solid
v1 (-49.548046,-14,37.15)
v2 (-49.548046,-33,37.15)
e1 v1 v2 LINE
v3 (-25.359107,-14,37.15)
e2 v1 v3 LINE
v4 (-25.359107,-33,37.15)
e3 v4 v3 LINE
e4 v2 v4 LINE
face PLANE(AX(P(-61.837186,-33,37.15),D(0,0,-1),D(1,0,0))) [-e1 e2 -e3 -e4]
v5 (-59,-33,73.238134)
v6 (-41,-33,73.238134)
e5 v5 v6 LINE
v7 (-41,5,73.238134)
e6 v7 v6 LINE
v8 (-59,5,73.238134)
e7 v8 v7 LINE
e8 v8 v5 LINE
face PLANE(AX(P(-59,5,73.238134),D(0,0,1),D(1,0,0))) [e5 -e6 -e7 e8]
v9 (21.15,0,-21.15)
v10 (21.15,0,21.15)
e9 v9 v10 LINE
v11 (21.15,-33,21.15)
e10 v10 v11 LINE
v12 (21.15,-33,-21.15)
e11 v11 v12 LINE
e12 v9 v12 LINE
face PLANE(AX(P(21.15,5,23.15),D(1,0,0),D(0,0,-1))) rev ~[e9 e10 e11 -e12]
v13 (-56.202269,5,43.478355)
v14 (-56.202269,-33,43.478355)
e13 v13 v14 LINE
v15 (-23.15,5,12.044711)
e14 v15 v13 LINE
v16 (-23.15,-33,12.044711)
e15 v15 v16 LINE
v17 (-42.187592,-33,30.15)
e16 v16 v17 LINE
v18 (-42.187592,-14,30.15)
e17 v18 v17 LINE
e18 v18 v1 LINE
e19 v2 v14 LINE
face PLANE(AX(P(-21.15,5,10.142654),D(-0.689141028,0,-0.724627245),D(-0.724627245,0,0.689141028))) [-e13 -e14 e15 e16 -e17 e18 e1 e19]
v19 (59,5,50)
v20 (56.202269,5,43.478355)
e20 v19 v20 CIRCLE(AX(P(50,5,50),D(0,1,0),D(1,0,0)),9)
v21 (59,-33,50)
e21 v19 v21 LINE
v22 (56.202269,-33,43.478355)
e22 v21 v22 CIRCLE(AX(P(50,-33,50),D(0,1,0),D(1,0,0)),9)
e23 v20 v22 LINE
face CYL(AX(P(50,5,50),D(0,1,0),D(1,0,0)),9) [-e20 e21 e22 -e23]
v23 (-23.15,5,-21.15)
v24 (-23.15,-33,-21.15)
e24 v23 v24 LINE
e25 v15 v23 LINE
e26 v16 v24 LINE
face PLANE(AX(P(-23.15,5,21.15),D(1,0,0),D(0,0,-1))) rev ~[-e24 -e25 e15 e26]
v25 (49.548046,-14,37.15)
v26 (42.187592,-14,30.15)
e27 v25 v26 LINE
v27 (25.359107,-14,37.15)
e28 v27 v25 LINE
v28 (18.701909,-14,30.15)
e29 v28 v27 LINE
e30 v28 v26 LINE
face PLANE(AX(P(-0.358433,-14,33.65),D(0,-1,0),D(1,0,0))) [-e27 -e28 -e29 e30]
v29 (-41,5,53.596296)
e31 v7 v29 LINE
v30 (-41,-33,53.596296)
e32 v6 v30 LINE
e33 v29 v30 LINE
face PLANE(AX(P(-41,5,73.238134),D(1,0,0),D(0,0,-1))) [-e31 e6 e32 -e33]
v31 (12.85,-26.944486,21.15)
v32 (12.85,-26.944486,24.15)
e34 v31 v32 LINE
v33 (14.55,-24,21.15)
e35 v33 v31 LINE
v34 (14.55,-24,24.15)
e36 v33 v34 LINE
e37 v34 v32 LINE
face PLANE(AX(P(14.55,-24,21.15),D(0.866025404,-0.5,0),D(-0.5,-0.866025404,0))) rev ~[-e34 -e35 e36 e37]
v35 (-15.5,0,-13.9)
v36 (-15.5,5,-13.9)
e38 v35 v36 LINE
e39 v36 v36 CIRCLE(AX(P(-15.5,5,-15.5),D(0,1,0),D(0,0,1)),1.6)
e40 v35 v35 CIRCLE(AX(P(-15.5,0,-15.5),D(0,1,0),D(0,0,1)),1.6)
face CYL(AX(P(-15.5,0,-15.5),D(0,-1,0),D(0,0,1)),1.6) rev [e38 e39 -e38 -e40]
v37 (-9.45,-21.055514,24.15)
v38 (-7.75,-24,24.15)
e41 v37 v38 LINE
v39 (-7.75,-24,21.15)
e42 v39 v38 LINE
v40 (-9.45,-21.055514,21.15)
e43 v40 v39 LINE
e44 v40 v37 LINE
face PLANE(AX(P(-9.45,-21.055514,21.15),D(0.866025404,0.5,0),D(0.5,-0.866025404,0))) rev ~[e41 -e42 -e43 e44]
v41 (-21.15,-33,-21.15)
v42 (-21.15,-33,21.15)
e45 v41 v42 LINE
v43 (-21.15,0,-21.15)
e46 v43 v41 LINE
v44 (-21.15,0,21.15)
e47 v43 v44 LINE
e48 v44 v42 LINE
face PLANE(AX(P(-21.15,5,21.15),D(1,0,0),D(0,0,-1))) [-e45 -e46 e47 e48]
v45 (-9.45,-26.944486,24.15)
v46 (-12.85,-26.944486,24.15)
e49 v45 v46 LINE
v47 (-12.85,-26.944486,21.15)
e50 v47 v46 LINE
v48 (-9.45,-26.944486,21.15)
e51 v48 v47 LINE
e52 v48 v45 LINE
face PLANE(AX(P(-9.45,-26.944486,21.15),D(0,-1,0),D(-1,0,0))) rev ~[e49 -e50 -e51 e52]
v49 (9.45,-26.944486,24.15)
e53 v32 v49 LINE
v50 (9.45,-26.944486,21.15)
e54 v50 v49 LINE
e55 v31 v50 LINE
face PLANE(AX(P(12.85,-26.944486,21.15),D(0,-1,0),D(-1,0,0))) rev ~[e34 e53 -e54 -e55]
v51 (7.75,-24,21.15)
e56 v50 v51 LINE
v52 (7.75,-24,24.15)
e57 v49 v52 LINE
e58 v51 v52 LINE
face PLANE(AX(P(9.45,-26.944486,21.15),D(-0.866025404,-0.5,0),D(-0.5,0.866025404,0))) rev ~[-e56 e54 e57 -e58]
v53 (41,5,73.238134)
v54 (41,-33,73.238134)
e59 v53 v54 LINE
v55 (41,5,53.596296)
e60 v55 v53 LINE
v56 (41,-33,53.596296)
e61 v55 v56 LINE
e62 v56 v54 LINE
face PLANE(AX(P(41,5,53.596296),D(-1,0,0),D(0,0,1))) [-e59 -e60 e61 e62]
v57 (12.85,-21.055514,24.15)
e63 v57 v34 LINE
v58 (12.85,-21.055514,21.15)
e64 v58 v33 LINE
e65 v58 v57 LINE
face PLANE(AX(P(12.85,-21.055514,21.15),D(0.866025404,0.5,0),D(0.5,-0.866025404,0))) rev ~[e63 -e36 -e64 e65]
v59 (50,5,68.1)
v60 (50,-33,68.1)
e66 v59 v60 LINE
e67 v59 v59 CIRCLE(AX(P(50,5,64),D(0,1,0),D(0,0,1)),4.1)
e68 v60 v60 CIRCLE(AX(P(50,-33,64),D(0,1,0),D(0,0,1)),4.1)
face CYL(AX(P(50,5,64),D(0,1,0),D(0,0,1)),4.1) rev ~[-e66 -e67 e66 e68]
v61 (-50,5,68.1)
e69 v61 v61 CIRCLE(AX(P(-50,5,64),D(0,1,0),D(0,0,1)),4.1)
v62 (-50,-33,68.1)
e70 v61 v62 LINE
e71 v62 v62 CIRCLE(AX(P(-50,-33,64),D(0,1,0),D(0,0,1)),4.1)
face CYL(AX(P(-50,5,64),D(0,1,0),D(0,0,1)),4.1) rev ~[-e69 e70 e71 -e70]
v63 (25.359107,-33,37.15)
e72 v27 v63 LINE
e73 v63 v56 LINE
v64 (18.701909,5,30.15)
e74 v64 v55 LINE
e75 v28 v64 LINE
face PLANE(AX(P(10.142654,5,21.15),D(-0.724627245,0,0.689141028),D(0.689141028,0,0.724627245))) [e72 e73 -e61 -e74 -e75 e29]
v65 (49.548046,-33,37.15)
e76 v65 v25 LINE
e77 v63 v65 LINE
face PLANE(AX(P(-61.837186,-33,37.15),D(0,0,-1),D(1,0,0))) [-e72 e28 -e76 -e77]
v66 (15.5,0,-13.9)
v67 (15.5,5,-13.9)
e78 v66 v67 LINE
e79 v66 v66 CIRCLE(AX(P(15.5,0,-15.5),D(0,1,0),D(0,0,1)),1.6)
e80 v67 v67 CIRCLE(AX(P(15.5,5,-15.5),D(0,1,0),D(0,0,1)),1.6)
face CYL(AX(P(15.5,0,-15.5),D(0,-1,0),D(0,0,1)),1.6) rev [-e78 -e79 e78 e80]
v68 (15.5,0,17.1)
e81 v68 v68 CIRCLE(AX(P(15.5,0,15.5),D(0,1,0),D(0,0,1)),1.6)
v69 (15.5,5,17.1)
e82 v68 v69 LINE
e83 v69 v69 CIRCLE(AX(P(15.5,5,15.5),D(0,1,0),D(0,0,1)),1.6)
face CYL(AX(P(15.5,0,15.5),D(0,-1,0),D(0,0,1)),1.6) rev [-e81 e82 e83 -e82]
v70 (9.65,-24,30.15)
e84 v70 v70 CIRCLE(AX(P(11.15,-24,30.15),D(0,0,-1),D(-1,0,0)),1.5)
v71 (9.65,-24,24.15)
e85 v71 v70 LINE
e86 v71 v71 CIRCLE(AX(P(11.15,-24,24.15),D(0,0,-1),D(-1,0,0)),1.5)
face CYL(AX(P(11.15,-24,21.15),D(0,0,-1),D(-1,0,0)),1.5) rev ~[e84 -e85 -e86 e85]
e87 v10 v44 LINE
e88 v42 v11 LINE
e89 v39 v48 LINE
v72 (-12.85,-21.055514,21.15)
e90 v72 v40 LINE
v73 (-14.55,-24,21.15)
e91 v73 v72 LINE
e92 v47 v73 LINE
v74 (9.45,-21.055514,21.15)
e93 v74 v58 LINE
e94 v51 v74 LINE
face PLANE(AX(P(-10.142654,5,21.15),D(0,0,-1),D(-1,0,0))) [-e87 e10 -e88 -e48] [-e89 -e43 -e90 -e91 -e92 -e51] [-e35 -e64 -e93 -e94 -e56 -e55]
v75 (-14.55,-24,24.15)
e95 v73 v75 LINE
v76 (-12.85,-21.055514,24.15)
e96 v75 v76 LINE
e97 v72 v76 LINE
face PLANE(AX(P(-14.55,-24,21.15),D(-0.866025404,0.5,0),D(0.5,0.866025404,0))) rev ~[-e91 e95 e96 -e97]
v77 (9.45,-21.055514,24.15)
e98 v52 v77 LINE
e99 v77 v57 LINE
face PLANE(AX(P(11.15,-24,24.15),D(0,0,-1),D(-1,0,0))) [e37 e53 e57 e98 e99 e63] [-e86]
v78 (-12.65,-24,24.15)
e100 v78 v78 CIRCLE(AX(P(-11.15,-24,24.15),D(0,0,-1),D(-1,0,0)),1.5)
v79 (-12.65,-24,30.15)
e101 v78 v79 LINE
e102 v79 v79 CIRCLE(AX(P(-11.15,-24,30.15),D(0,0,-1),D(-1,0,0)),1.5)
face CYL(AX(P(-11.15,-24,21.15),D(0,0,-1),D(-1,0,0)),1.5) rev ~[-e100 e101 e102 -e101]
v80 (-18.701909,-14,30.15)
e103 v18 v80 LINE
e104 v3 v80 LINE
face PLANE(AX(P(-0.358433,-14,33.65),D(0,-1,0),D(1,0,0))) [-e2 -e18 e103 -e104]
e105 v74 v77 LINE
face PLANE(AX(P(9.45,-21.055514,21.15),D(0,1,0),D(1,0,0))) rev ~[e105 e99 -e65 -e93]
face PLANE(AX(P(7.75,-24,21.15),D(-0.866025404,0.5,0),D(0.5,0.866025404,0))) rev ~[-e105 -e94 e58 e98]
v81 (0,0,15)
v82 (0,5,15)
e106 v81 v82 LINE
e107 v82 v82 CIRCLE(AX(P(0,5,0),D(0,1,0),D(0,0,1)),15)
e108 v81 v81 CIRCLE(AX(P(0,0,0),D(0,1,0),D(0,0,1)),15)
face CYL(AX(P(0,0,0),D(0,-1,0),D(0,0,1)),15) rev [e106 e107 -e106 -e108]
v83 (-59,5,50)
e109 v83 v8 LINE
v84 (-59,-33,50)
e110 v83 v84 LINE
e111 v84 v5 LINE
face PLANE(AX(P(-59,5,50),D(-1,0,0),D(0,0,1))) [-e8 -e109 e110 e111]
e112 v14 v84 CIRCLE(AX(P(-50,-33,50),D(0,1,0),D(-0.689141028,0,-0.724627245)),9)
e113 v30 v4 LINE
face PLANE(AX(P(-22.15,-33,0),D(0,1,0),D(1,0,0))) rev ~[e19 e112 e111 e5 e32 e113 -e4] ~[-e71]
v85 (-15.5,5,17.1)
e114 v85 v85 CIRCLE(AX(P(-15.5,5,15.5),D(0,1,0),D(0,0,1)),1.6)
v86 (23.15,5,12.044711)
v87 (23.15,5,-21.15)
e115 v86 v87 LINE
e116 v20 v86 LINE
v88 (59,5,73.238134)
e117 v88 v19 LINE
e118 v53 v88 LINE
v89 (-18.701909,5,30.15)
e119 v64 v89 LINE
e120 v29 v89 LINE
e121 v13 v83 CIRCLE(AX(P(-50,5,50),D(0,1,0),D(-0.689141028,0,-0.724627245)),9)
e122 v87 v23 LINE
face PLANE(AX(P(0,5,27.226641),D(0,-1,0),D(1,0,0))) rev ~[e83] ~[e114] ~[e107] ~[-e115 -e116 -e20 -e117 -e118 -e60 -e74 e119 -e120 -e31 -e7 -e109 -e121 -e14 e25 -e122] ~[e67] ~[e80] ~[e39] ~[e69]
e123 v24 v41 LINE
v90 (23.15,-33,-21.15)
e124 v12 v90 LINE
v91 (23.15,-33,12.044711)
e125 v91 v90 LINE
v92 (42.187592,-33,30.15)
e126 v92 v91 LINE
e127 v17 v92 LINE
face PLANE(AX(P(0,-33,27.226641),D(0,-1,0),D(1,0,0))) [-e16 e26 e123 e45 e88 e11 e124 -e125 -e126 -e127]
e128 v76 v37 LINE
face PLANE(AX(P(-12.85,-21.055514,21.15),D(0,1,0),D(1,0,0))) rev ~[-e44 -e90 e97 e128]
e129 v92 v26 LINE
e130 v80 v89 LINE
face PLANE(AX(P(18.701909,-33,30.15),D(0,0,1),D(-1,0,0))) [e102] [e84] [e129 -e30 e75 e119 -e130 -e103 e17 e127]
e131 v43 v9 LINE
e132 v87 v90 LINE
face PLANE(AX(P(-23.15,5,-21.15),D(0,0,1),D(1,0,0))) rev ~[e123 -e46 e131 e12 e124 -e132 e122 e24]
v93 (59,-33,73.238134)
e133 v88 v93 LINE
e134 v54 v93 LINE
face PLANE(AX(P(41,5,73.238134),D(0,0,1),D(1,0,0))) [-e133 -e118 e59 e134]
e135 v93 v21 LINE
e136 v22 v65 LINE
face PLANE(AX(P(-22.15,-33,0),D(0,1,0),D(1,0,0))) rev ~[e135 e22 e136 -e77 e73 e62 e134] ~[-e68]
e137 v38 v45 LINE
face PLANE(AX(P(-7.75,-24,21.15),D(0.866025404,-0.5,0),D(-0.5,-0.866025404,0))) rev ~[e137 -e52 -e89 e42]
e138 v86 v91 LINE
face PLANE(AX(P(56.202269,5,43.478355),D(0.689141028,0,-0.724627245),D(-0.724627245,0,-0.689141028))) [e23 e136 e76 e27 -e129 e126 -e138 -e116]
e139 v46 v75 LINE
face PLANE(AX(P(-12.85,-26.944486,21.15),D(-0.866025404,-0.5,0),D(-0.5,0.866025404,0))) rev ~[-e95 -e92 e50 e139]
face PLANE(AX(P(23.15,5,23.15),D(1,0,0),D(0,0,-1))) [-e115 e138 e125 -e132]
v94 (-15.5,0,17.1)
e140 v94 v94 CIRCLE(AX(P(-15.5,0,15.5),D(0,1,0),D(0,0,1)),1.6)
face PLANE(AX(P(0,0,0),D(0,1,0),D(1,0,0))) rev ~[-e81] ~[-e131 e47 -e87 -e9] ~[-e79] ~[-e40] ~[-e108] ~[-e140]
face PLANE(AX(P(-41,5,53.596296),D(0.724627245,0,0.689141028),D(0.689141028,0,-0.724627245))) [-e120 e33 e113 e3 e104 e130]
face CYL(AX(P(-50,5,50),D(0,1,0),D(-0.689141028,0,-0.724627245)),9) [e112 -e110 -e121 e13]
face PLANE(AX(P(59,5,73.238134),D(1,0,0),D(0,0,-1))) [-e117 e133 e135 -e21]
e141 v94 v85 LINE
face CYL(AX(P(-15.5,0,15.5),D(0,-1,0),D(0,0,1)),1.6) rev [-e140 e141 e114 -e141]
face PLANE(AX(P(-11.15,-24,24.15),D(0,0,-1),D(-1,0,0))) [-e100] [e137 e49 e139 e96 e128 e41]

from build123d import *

# Parameters (mm, degrees)
SKETCH_6_W          = 42.3
SKETCH_6_H          = 42.3
SKETCH_6_R          = 1.6
SKETCH_6_R_2        = 15
EXTRUDE_1_DEPTH     = 5
SKETCH_7_R          = 4.1
EXTRUDE_5_DEPTH     = 38
EXTRUDE_START       = 38
SKETCH_7_7_R        = 4.1
EXTRUDE_7_DEPTH     = 38
SKETCH_7_8_R        = 4.1
EXTRUDE_8_DEPTH     = 38
SKETCH_12_W         = 2
SKETCH_12_H         = 44.3
EXTRUDE_11_DEPTH    = 38
SKETCH_14_W         = 44.3
SKETCH_14_H         = 2
EXTRUDE_12_DEPTH    = 38
SKETCH_15_W         = 2
SKETCH_15_H         = 42.3
EXTRUDE_13_DEPTH    = 38
SKETCH_17_W         = 122.95750499
SKETCH_17_H         = 7
CUT_EXTRUDE_1_DEPTH = 19
EXTRUDE_14_DEPTH    = 38
CUT_EXTRUDE_3_DEPTH = 3
SKETCH_22_R         = 1.5
CUT_EXTRUDE_4_DEPTH = 10


with BuildPart() as part:
    # 草图6 → 凸台-拉伸1 (new body)
    with BuildSketch(Plane(origin=(0, 0, 0), x_dir=(1, 0, 0), z_dir=(0, 1, 0))):
        Rectangle(SKETCH_6_W, SKETCH_6_H)
        with Locations(Location((15.5, 15.5, 0), (0, 0, 270))):
            Circle(SKETCH_6_R, mode=Mode.SUBTRACT)
        with Locations(Location((-15.5, 15.5, 0), (0, 0, 270))):
            Circle(SKETCH_6_R, mode=Mode.SUBTRACT)
        with Locations(Location((-15.5, -15.5, 0), (0, 0, 270))):
            Circle(SKETCH_6_R, mode=Mode.SUBTRACT)
        with Locations(Location((15.5, -15.5, 0), (0, 0, 270))):
            Circle(SKETCH_6_R, mode=Mode.SUBTRACT)
        with Locations(Location((0, 0, 0), (0, 0, 270))):
            Circle(SKETCH_6_R_2, mode=Mode.SUBTRACT)
    extrude(amount=EXTRUDE_1_DEPTH)

    # 草图7 → 凸台-拉伸5 (add)
    # profile 1 of 2: a face of its own
    with BuildSketch(Plane(origin=(0, 5, 0), x_dir=(1, 0, 0), z_dir=(0, 1, 0))):
        with BuildLine():
            Line((-41, -53.596295528), (-10.142654247, -21.15))
            Line((-10.142654247, -21.15), (-21.15, -21.15))
            Line((-21.15, -21.15), (-21.15, -10.142654247))
            Line((-21.15, -10.142654247), (-56.202269248, -43.478354795))
            ThreePointArc((-56.202269248, -43.478354795), (-58.271046585, -46.45179082), (-59, -50))
            Line((-59, -50), (-59, -73.238133914))
            Line((-59, -73.238133914), (-41, -73.238133914))
            Line((-41, -73.238133914), (-41, -53.596295528))
        make_face()
        with Locations(Location((-50, -64, 0), (0, 0, 270))):
            Circle(SKETCH_7_R, mode=Mode.SUBTRACT)
    # profile 2 of 2: a face of its own
    with BuildSketch(Plane(origin=(0, 5, 0), x_dir=(1, 0, 0), z_dir=(0, 1, 0))):
        with BuildLine():
            Line((21.15, -21.15), (10.142654247, -21.15))
            Line((10.142654247, -21.15), (41, -53.596295528))
            Line((41, -53.596295528), (41, -73.238133914))
            Line((41, -73.238133914), (59, -73.238133914))
            Line((59, -73.238133914), (59, -50))
            ThreePointArc((59, -50), (58.271046585, -46.45179082), (56.202269248, -43.478354795))
            Line((56.202269248, -43.478354795), (21.15, -10.142654247))
            Line((21.15, -10.142654247), (21.15, -21.15))
        make_face()
        with Locations(Location((50, -64, 0), (0, 0, 270))):
            Circle(SKETCH_7_R, mode=Mode.SUBTRACT)
    extrude(amount=-EXTRUDE_5_DEPTH)

    # 草图7<7> → 凸台-拉伸7 (add)
    with BuildSketch(Plane(origin=(0, 5, 0), x_dir=(1, 0, 0), z_dir=(0, 1, 0)).offset(EXTRUDE_START)):
        with Locations(Location((-50, -64, 0), (0, 0, 270))):
            Circle(SKETCH_7_7_R)
        with Locations(Location((50, -64, 0), (0, 0, 270))):
            Circle(SKETCH_7_7_R)
    extrude(amount=-EXTRUDE_7_DEPTH)


with BuildPart() as extrude_7_kept_piece:
    # of the separate pieces the step leaves, the one the design keeps (extrude_7_pieces_kept)
    add(part.part.solids().sort_by_distance((-10.142654247, 0, 21.15))[0])

    # 草图7<8> → 凸台-拉伸8 (add)
    with BuildSketch(Plane(origin=(0, 5, 0), x_dir=(1, 0, 0), z_dir=(0, 1, 0))):
        with Locations(Location((-50, -64, 0), (0, 0, 270))):
            Circle(SKETCH_7_8_R)
        with Locations(Location((50, -64, 0), (0, 0, 270))):
            Circle(SKETCH_7_8_R)
    extrude(amount=EXTRUDE_8_DEPTH)


with BuildPart() as extrude_8_kept_piece:
    # of the separate pieces the step leaves, the one the design keeps (extrude_8_pieces_kept)
    add(extrude_7_kept_piece.part.solids().sort_by_distance((-10.142654247, 0, 21.15))[0])

    # 草图12 → 凸台-拉伸11 (add)
    with BuildSketch(Plane(origin=(0, 5, 0), x_dir=(1, 0, 0), z_dir=(0, 1, 0))):
        with Locations((22.15, -1)):
            Rectangle(SKETCH_12_W, SKETCH_12_H)
    extrude(amount=-EXTRUDE_11_DEPTH)

    # 草图14 → 凸台-拉伸12 (add)
    with BuildSketch(Plane(origin=(0, 5, 0), x_dir=(1, 0, 0), z_dir=(0, 1, 0))):
        with Locations((-1, -22.15)):
            Rectangle(SKETCH_14_W, SKETCH_14_H)
    extrude(amount=-EXTRUDE_12_DEPTH)

    # 草图15 → 凸台-拉伸13 (add)
    with BuildSketch(Plane(origin=(0, 5, 0), x_dir=(1, 0, 0), z_dir=(0, 1, 0))):
        with Locations((-22.15, 0)):
            Rectangle(SKETCH_15_W, SKETCH_15_H)
    extrude(amount=-EXTRUDE_13_DEPTH)

    # 草图17 → 切除-拉伸1 (cut)
    with BuildSketch(Plane.XZ.offset(33)):
        with Locations((-0.358433095, 33.65)):
            Rectangle(SKETCH_17_W, SKETCH_17_H)
    extrude(amount=-CUT_EXTRUDE_1_DEPTH, mode=Mode.SUBTRACT)

    # 草图21 → 凸台-拉伸14 (add)
    with BuildSketch(Plane.XZ.offset(33)):
        Polygon((18.701909079, 30.15), (-18.701909079, 30.15), (-12.044710877, 23.15), (12.044710877, 23.15), align=None)
    extrude(amount=-EXTRUDE_14_DEPTH)

    # 草图20 → 切除-拉伸3 (cut)
    with BuildSketch(Plane(origin=(0, 0, 21.15), x_dir=(-1, 0, 0), z_dir=(0, 0, -1))):
        Polygon((-7.75, -24), (-9.45, -21.055513627), (-12.85, -21.055513627), (-14.55, -24), (-12.85, -26.944486373), (-9.45, -26.944486373), align=None)
        Polygon((14.55, -24), (12.85, -21.055513627), (9.45, -21.055513627), (7.75, -24), (9.45, -26.944486373), (12.85, -26.944486373), align=None)
    extrude(amount=-CUT_EXTRUDE_3_DEPTH, mode=Mode.SUBTRACT)

    # 草图22 → 切除-拉伸4 (cut)
    with BuildSketch(Plane(origin=(0, 0, 21.15), x_dir=(-1, 0, 0), z_dir=(0, 0, -1))):
        with Locations((11.15, -24)):
            Circle(SKETCH_22_R)
        with Locations((-11.15, -24)):
            Circle(SKETCH_22_R)
    extrude(amount=-CUT_EXTRUDE_4_DEPTH, mode=Mode.SUBTRACT)


solid = extrude_8_kept_piece.part
